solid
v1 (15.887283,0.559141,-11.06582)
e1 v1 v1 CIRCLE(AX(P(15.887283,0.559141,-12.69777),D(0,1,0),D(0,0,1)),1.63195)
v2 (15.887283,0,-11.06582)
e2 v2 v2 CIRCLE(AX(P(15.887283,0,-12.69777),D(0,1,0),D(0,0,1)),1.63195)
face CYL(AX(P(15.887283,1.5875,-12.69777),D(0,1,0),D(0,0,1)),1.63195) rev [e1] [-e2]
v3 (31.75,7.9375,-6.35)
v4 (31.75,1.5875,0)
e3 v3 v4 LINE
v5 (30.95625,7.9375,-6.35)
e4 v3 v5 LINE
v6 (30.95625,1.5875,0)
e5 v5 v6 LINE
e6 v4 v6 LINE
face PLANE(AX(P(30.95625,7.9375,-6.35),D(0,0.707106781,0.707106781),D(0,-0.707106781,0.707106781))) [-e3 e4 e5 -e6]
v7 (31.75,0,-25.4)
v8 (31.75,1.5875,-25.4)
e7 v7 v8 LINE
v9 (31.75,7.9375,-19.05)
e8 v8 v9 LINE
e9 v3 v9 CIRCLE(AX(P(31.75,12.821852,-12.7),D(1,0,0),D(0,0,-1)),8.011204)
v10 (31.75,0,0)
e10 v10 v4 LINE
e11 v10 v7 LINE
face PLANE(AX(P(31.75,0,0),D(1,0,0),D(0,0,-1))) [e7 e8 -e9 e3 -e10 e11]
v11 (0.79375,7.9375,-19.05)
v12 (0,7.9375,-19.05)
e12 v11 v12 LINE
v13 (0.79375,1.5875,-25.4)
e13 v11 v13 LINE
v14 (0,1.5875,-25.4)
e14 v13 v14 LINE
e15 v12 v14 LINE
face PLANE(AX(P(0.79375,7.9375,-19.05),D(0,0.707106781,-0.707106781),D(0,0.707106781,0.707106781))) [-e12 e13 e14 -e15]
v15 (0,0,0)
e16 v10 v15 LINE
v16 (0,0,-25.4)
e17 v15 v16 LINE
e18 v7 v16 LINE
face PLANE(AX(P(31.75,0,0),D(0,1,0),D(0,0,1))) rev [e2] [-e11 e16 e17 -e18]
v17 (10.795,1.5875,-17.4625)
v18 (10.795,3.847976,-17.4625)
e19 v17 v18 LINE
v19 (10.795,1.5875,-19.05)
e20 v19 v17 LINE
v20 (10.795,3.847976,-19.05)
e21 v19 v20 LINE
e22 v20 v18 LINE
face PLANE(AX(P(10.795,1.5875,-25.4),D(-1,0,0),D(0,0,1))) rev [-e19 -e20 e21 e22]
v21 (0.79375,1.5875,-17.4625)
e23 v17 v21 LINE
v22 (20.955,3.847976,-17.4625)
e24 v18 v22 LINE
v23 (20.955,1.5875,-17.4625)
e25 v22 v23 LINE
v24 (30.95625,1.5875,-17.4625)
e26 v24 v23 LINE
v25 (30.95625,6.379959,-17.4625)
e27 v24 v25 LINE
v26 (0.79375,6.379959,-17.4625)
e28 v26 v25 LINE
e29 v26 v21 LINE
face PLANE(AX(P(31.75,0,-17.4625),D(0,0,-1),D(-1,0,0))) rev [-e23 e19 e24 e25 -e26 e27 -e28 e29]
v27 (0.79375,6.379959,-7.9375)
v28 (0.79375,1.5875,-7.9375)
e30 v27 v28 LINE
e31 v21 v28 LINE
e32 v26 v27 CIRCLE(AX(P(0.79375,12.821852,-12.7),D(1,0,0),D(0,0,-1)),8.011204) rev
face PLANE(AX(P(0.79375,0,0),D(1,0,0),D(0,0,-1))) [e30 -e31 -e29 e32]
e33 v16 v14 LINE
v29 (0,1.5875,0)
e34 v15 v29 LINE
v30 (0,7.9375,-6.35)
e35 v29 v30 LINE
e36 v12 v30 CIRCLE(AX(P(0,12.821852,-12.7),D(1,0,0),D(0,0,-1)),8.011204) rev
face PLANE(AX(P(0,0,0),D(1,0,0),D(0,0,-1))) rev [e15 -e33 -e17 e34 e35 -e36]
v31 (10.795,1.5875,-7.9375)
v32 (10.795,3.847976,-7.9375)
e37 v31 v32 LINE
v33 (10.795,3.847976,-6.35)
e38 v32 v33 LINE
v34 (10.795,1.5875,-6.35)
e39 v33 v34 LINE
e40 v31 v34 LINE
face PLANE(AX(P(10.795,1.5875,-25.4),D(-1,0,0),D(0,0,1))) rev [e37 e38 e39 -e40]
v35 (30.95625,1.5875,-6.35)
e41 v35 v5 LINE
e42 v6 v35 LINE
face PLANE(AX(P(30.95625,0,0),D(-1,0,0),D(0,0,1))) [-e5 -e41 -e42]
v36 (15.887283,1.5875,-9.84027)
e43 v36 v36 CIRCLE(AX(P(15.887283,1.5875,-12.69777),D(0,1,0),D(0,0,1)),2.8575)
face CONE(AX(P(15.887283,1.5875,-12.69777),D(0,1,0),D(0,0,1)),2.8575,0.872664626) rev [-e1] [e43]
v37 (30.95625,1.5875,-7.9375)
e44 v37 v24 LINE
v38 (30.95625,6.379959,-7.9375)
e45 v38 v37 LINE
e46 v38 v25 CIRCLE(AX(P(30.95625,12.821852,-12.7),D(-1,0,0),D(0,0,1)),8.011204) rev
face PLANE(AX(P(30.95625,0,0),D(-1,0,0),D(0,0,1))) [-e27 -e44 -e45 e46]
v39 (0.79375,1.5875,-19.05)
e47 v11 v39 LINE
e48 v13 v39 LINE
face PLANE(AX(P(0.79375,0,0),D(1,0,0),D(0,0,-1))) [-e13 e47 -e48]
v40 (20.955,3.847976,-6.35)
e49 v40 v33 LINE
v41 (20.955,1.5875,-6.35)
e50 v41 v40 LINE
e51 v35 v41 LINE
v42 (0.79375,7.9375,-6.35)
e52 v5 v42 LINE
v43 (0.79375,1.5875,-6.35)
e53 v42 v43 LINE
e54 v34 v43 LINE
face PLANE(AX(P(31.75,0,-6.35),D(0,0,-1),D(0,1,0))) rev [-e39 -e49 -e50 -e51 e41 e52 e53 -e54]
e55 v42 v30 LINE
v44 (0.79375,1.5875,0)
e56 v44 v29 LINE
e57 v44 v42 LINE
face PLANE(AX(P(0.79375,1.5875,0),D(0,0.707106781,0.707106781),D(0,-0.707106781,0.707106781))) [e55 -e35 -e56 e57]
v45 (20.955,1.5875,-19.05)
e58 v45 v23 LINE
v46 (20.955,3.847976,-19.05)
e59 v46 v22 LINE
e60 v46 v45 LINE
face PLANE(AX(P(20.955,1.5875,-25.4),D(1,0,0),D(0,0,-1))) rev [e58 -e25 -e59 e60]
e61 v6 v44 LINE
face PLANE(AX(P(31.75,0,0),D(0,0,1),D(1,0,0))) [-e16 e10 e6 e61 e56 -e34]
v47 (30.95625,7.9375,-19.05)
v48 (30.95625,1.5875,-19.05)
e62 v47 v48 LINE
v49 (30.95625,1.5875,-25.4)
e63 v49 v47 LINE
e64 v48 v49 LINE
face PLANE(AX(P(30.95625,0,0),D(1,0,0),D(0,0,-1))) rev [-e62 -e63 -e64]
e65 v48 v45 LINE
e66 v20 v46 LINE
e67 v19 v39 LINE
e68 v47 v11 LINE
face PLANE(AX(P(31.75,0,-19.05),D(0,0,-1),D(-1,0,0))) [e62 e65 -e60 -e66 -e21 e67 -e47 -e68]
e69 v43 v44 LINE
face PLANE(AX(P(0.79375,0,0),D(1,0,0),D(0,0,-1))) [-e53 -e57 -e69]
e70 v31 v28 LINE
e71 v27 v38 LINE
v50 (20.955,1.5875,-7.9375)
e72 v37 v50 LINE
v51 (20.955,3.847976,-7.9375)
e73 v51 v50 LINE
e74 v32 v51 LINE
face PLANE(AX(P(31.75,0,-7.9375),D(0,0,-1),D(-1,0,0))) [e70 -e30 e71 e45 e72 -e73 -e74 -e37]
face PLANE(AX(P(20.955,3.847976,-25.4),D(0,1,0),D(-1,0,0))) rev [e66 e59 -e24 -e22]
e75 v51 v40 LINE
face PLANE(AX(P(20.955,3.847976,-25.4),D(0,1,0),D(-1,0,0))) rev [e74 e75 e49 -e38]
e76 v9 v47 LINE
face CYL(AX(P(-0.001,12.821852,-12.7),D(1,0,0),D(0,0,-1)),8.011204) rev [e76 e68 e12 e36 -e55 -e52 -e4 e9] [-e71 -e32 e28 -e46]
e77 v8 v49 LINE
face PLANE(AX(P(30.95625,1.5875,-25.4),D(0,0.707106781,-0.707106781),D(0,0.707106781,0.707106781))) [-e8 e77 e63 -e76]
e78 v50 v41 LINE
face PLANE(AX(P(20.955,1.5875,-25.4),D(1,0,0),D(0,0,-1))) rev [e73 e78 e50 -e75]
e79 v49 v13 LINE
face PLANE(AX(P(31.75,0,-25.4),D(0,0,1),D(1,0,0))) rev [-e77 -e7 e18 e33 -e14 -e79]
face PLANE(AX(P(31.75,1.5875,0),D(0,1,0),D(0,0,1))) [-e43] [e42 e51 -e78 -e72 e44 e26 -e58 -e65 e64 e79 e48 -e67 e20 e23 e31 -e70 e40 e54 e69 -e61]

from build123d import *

# Parameters (mm, degrees)
SKETCH4_W           = 25.4
SKETCH4_H           = 1.5875
SKETCH4_W_2         = 1.5875
SKETCH4_H_2         = 6.35
BOSS_EXTRUDE2_DEPTH = 31.75
SKETCH5_W           = 9.525
SKETCH5_H           = 6.35
BOSS_EXTRUDE3_DEPTH = 0.79375
BOSS_EXTRUDE4_DEPTH = 0.79375
SKETCH7_W           = 10.16
SKETCH7_H           = 2.260476196
CUT_EXTRUDE1_DEPTH  = 38.867781903
CUT_EXTRUDE2_REACH  = 43.427
SKETCH8_R           = 8.011204241


with BuildPart() as part:
    # Sketch4 → Boss-Extrude2 (new body)
    with BuildSketch(Plane(origin=(0, 0, 0), x_dir=(0, 0, -1), z_dir=(1, 0, 0))):
        with Locations((12.7, 0.79375)):
            Rectangle(SKETCH4_W, SKETCH4_H)
        with Locations((7.14375, 4.7625)):
            Rectangle(SKETCH4_W_2, SKETCH4_H_2)
        with Locations((18.25625, 4.7625)):
            Rectangle(SKETCH4_W_2, SKETCH4_H_2)
    extrude(amount=BOSS_EXTRUDE2_DEPTH)

    # Sketch5 → Boss-Extrude3 (add)
    with BuildSketch(Plane(origin=(31.75, 0, 0), x_dir=(0, 0, -1), z_dir=(1, 0, 0))):
        Polygon((6.35, 7.9375), (0, 1.5875), (6.35, 1.5875), align=None)
        with Locations((12.7, 4.7625)):
            Rectangle(SKETCH5_W, SKETCH5_H)
        Polygon((19.05, 7.9375), (19.05, 1.5875), (25.4, 1.5875), align=None)
    extrude(amount=-BOSS_EXTRUDE3_DEPTH)

    # Sketch6 → Boss-Extrude4 (add)
    with BuildSketch(Plane.ZY):
        Polygon((-25.4, 1.5875), (0, 1.5875), (-6.35, 7.9375), (-19.05, 7.9375), align=None)
    extrude(amount=-BOSS_EXTRUDE4_DEPTH)

    # Sketch7 → Cut-Extrude1 (cut, through all)
    with BuildSketch(Plane.XY.offset(-6.35)):
        with Locations((15.875, 2.717738098)):
            Rectangle(SKETCH7_W, SKETCH7_H)
    extrude(amount=-CUT_EXTRUDE1_DEPTH, mode=Mode.SUBTRACT)

    # Sketch8 → Cut-Extrude2 (cut, up to next)
    with BuildSketch(Plane(origin=(31.75, 0, 0), x_dir=(0, 0, -1), z_dir=(1, 0, 0)), mode=Mode.PRIVATE) as cut_extrude2_sk1:
        with Locations((12.7, 12.82185189)):
            Circle(SKETCH8_R)
    cut_extrude2_tool1 = extrude(cut_extrude2_sk1.sketch, amount=-CUT_EXTRUDE2_REACH, mode=Mode.PRIVATE) & part.part
    add(cut_extrude2_tool1.solids().sort_by_distance((31.75, 12.821852, -12.7))[0], mode=Mode.SUBTRACT)

    # Sketch10 → CSK for #4 Flat Head Machine Screw (100)1 (revolve, cut)
    with BuildSketch(Plane(origin=(15.887282669, 1.5875, -12.697770178), x_dir=(0, 0, 1), z_dir=(1, 0, 0))):
        Polygon((0, 0), (0, 1.5875), (1.63195, 1.5875), (1.63195, 1.028358553), (2.8575, 0), align=None)
    revolve(axis=Axis((15.887282669, 7.9375, -12.697770178), (0, -1, 0)), mode=Mode.SUBTRACT)


solid = part.part
